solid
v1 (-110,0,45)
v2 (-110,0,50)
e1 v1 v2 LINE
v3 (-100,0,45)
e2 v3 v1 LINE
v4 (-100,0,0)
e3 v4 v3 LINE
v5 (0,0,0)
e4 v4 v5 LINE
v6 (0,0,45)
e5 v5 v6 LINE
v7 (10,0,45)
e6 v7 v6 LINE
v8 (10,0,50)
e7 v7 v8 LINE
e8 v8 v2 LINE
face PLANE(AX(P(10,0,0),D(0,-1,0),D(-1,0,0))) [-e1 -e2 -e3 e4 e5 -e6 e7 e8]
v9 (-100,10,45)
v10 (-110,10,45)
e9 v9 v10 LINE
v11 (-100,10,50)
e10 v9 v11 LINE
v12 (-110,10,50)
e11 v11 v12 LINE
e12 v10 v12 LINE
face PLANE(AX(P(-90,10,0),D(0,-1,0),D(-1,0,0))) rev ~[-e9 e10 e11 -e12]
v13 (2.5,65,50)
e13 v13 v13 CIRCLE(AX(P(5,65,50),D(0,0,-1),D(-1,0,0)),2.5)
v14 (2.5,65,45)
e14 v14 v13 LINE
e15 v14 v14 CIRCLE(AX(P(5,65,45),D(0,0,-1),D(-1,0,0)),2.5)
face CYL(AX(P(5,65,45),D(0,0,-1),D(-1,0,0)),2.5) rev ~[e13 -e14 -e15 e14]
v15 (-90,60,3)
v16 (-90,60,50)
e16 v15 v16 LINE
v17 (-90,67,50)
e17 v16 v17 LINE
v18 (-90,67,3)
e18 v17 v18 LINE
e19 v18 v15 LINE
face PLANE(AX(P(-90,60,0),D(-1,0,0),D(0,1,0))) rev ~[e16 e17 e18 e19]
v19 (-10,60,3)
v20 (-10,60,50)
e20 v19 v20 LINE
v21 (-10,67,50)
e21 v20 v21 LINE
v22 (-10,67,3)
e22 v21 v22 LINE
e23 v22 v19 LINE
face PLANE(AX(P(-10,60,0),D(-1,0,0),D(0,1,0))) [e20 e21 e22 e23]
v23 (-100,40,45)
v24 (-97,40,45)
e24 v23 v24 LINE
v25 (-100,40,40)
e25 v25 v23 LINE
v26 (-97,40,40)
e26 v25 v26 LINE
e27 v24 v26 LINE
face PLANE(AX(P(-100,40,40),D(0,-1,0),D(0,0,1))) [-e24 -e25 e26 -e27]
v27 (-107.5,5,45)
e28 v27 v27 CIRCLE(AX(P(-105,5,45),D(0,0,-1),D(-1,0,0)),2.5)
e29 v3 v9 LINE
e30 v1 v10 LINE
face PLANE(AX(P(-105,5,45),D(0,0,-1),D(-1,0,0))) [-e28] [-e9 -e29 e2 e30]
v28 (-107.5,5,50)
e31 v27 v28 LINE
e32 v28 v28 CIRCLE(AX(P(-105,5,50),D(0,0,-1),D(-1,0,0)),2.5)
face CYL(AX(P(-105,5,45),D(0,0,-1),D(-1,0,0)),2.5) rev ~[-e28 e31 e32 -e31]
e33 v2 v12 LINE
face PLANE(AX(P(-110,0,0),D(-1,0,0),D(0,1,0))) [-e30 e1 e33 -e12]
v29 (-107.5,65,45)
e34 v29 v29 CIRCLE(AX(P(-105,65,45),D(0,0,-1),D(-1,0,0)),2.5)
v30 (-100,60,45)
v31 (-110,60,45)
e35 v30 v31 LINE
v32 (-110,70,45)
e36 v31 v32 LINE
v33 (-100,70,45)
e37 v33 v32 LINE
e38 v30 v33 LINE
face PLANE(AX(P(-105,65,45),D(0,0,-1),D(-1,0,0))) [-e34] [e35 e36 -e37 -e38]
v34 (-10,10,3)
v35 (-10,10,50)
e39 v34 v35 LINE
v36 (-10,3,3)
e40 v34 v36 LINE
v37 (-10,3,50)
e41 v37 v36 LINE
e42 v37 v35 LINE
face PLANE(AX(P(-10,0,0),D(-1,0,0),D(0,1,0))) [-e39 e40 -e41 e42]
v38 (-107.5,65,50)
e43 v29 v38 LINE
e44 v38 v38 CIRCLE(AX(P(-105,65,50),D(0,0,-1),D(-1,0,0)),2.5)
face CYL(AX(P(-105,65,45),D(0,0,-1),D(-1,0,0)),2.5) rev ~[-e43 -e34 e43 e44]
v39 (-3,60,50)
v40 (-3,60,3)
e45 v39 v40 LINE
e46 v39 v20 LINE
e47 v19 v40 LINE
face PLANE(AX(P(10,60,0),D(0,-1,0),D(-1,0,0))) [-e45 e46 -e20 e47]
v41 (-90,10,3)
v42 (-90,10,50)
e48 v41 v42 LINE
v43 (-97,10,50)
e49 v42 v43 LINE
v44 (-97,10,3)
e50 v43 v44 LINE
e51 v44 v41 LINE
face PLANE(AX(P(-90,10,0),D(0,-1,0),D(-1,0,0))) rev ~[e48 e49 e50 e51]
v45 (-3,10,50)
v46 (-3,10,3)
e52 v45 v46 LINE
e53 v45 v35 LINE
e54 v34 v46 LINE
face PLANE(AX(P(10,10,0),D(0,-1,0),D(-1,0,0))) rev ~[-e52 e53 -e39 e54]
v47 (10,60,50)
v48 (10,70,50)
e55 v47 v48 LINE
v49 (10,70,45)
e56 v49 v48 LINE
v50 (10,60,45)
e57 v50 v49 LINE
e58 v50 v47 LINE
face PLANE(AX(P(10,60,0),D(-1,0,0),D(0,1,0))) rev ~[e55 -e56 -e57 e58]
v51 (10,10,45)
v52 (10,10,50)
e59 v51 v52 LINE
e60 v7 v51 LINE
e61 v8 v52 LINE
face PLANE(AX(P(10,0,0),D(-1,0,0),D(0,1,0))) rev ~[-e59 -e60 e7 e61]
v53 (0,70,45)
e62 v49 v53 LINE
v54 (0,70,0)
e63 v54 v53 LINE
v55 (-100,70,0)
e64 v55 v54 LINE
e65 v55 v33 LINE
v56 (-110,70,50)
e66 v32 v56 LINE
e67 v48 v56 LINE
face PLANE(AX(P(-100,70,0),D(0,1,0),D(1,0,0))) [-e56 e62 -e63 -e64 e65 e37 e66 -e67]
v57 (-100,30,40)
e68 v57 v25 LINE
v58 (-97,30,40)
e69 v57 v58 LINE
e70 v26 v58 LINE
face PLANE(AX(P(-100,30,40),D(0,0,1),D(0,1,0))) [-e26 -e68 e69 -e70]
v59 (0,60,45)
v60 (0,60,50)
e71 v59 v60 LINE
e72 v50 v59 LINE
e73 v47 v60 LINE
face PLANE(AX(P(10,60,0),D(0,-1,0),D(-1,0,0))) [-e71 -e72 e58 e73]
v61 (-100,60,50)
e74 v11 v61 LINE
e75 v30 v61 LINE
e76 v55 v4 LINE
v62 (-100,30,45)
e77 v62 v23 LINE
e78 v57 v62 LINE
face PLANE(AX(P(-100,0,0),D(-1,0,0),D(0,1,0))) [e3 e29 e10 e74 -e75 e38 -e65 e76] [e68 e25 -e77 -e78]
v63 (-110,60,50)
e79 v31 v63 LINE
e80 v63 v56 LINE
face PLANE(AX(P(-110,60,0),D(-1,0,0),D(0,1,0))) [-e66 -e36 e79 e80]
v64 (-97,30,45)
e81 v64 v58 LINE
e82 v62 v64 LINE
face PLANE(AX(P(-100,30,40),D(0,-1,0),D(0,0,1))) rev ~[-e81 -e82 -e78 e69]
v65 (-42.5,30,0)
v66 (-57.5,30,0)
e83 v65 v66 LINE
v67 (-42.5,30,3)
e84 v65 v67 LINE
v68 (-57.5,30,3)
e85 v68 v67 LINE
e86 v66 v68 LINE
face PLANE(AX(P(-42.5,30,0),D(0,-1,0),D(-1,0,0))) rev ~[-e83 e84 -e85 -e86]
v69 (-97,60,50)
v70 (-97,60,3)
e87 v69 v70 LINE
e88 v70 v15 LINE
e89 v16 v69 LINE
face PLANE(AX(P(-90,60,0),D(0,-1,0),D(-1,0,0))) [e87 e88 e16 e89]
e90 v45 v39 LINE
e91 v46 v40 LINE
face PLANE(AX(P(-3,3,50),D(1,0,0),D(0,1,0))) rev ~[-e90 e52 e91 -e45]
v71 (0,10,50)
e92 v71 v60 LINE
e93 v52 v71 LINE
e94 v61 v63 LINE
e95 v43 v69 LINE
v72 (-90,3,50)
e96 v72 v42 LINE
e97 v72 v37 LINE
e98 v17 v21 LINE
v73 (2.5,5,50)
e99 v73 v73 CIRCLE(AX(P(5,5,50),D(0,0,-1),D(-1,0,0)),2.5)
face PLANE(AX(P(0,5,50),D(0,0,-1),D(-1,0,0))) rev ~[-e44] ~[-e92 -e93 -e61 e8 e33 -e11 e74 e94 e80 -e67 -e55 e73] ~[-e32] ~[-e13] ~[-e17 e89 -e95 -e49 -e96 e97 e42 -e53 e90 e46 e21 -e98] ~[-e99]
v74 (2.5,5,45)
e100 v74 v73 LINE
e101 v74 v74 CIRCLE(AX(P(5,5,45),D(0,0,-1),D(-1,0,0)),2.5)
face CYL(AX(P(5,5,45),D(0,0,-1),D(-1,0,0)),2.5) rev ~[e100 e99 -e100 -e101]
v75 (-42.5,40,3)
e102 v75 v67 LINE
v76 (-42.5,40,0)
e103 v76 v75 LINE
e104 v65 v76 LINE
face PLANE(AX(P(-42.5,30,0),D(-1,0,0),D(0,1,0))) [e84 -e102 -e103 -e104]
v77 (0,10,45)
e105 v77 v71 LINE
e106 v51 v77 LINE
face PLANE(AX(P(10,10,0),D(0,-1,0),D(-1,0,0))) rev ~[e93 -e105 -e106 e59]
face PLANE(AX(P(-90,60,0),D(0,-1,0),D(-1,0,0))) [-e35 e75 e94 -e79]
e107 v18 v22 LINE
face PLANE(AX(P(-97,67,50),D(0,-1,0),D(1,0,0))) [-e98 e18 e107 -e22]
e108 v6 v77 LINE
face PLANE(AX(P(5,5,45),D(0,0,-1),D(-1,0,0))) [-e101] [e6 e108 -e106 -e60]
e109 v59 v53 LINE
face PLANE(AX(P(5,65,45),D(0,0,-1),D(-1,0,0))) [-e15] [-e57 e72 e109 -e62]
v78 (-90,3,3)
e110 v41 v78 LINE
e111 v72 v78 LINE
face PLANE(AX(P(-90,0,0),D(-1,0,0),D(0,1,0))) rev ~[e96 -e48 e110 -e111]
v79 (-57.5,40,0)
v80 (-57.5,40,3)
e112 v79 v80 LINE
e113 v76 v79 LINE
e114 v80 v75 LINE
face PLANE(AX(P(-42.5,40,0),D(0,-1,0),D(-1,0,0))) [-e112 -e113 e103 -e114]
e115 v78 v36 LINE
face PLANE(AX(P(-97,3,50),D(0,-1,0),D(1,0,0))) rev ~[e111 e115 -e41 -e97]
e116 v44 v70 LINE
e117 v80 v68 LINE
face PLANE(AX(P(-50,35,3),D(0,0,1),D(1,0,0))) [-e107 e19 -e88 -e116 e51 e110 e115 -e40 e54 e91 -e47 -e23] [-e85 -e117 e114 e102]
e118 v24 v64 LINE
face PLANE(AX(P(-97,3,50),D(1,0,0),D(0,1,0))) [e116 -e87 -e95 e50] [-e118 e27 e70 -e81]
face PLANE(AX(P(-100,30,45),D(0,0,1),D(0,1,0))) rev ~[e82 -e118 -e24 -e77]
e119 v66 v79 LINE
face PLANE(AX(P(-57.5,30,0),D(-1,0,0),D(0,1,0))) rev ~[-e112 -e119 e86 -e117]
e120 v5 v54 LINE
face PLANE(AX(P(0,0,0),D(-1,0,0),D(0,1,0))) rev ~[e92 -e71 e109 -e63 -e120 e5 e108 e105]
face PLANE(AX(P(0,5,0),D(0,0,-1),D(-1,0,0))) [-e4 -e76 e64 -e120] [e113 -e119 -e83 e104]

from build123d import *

# Parameters (mm, degrees)
ESQUISSE1_W             = 100
ESQUISSE1_H             = 70
BOSS_EXTRU_1_DEPTH      = 50
ESQUISSE2_W             = 94
ESQUISSE2_H             = 64
ENL_V_MAT_EXTRU_1_DEPTH = 47
ESQUISSE4_W             = 15
ESQUISSE4_H             = 10
ENL_V_MAT_EXTRU_3_DEPTH = 47
ESQUISSE5_W             = 20
ESQUISSE5_H             = 10
BOSS_EXTRU_2_DEPTH      = 50
ESQUISSE6_W             = 10
ESQUISSE6_H             = 10
ENL_V_MAT_EXTRU_4_DEPTH = 45
ESQUISSE7_R             = 2.5
ENL_V_MAT_EXTRU_5_DEPTH = 45
ESQUISSE3_W             = 5
ESQUISSE3_H             = 10
ENL_V_MAT_EXTRU_6_DEPTH = 45


with BuildPart() as part:
    # Esquisse1 → Boss.-Extru.1 (new body)
    with BuildSketch(Plane.XY):
        with Locations((-50, 35)):
            Rectangle(ESQUISSE1_W, ESQUISSE1_H)
    extrude(amount=BOSS_EXTRU_1_DEPTH)

    # Esquisse2 → Enlèv. mat.-Extru.1 (cut)
    with BuildSketch(Plane.XY.offset(50)):
        with Locations((-50, 35)):
            Rectangle(ESQUISSE2_W, ESQUISSE2_H)
    extrude(amount=-ENL_V_MAT_EXTRU_1_DEPTH, mode=Mode.SUBTRACT)

    # Esquisse4 → Enlèv. mat.-Extru.3 (cut)
    with BuildSketch(Plane(origin=(0, 0, 0), x_dir=(-1, 0, 0), z_dir=(0, 0, -1))):
        with Locations((50, 35)):
            Rectangle(ESQUISSE4_W, ESQUISSE4_H)
    extrude(amount=-ENL_V_MAT_EXTRU_3_DEPTH, mode=Mode.SUBTRACT)

    # Esquisse5 → Boss.-Extru.2 (add)
    with BuildSketch(Plane(origin=(0, 0, 0), x_dir=(-1, 0, 0), z_dir=(0, 0, -1))):
        with Locations((0, 5)):
            Rectangle(ESQUISSE5_W, ESQUISSE5_H)
        with Locations((0, 65)):
            Rectangle(ESQUISSE5_W, ESQUISSE5_H)
        with Locations((100, 5)):
            Rectangle(ESQUISSE5_W, ESQUISSE5_H)
        with Locations((100, 65)):
            Rectangle(ESQUISSE5_W, ESQUISSE5_H)
    extrude(amount=-BOSS_EXTRU_2_DEPTH)

    # Esquisse6 → Enlèv. mat.-Extru.4 (cut)
    with BuildSketch(Plane(origin=(0, 0, 0), x_dir=(-1, 0, 0), z_dir=(0, 0, -1))):
        with Locations((-5, 65)):
            Rectangle(ESQUISSE6_W, ESQUISSE6_H)
        with Locations((-5, 5)):
            Rectangle(ESQUISSE6_W, ESQUISSE6_H)
        with Locations((105, 65)):
            Rectangle(ESQUISSE6_W, ESQUISSE6_H)
        with Locations((105, 5)):
            Rectangle(ESQUISSE6_W, ESQUISSE6_H)
    extrude(amount=-ENL_V_MAT_EXTRU_4_DEPTH, mode=Mode.SUBTRACT)

    # Esquisse7 → Enlèv. mat.-Extru.5 (cut)
    with BuildSketch(Plane(origin=(0, 0, 45), x_dir=(-1, 0, 0), z_dir=(0, 0, -1))):
        with Locations((-5, 65)):
            Circle(ESQUISSE7_R)
        with Locations((-5, 5)):
            Circle(ESQUISSE7_R)
        with Locations((105, 5)):
            Circle(ESQUISSE7_R)
        with Locations((105, 65)):
            Circle(ESQUISSE7_R)
    extrude(amount=-ENL_V_MAT_EXTRU_5_DEPTH, mode=Mode.SUBTRACT)

    # Esquisse3 → Enlèv. mat.-Extru.6 (cut)
    with BuildSketch(Plane.ZY.offset(100)):
        with Locations((42.5, 35)):
            Rectangle(ESQUISSE3_W, ESQUISSE3_H)
    extrude(amount=-ENL_V_MAT_EXTRU_6_DEPTH, mode=Mode.SUBTRACT)


solid = part.part
